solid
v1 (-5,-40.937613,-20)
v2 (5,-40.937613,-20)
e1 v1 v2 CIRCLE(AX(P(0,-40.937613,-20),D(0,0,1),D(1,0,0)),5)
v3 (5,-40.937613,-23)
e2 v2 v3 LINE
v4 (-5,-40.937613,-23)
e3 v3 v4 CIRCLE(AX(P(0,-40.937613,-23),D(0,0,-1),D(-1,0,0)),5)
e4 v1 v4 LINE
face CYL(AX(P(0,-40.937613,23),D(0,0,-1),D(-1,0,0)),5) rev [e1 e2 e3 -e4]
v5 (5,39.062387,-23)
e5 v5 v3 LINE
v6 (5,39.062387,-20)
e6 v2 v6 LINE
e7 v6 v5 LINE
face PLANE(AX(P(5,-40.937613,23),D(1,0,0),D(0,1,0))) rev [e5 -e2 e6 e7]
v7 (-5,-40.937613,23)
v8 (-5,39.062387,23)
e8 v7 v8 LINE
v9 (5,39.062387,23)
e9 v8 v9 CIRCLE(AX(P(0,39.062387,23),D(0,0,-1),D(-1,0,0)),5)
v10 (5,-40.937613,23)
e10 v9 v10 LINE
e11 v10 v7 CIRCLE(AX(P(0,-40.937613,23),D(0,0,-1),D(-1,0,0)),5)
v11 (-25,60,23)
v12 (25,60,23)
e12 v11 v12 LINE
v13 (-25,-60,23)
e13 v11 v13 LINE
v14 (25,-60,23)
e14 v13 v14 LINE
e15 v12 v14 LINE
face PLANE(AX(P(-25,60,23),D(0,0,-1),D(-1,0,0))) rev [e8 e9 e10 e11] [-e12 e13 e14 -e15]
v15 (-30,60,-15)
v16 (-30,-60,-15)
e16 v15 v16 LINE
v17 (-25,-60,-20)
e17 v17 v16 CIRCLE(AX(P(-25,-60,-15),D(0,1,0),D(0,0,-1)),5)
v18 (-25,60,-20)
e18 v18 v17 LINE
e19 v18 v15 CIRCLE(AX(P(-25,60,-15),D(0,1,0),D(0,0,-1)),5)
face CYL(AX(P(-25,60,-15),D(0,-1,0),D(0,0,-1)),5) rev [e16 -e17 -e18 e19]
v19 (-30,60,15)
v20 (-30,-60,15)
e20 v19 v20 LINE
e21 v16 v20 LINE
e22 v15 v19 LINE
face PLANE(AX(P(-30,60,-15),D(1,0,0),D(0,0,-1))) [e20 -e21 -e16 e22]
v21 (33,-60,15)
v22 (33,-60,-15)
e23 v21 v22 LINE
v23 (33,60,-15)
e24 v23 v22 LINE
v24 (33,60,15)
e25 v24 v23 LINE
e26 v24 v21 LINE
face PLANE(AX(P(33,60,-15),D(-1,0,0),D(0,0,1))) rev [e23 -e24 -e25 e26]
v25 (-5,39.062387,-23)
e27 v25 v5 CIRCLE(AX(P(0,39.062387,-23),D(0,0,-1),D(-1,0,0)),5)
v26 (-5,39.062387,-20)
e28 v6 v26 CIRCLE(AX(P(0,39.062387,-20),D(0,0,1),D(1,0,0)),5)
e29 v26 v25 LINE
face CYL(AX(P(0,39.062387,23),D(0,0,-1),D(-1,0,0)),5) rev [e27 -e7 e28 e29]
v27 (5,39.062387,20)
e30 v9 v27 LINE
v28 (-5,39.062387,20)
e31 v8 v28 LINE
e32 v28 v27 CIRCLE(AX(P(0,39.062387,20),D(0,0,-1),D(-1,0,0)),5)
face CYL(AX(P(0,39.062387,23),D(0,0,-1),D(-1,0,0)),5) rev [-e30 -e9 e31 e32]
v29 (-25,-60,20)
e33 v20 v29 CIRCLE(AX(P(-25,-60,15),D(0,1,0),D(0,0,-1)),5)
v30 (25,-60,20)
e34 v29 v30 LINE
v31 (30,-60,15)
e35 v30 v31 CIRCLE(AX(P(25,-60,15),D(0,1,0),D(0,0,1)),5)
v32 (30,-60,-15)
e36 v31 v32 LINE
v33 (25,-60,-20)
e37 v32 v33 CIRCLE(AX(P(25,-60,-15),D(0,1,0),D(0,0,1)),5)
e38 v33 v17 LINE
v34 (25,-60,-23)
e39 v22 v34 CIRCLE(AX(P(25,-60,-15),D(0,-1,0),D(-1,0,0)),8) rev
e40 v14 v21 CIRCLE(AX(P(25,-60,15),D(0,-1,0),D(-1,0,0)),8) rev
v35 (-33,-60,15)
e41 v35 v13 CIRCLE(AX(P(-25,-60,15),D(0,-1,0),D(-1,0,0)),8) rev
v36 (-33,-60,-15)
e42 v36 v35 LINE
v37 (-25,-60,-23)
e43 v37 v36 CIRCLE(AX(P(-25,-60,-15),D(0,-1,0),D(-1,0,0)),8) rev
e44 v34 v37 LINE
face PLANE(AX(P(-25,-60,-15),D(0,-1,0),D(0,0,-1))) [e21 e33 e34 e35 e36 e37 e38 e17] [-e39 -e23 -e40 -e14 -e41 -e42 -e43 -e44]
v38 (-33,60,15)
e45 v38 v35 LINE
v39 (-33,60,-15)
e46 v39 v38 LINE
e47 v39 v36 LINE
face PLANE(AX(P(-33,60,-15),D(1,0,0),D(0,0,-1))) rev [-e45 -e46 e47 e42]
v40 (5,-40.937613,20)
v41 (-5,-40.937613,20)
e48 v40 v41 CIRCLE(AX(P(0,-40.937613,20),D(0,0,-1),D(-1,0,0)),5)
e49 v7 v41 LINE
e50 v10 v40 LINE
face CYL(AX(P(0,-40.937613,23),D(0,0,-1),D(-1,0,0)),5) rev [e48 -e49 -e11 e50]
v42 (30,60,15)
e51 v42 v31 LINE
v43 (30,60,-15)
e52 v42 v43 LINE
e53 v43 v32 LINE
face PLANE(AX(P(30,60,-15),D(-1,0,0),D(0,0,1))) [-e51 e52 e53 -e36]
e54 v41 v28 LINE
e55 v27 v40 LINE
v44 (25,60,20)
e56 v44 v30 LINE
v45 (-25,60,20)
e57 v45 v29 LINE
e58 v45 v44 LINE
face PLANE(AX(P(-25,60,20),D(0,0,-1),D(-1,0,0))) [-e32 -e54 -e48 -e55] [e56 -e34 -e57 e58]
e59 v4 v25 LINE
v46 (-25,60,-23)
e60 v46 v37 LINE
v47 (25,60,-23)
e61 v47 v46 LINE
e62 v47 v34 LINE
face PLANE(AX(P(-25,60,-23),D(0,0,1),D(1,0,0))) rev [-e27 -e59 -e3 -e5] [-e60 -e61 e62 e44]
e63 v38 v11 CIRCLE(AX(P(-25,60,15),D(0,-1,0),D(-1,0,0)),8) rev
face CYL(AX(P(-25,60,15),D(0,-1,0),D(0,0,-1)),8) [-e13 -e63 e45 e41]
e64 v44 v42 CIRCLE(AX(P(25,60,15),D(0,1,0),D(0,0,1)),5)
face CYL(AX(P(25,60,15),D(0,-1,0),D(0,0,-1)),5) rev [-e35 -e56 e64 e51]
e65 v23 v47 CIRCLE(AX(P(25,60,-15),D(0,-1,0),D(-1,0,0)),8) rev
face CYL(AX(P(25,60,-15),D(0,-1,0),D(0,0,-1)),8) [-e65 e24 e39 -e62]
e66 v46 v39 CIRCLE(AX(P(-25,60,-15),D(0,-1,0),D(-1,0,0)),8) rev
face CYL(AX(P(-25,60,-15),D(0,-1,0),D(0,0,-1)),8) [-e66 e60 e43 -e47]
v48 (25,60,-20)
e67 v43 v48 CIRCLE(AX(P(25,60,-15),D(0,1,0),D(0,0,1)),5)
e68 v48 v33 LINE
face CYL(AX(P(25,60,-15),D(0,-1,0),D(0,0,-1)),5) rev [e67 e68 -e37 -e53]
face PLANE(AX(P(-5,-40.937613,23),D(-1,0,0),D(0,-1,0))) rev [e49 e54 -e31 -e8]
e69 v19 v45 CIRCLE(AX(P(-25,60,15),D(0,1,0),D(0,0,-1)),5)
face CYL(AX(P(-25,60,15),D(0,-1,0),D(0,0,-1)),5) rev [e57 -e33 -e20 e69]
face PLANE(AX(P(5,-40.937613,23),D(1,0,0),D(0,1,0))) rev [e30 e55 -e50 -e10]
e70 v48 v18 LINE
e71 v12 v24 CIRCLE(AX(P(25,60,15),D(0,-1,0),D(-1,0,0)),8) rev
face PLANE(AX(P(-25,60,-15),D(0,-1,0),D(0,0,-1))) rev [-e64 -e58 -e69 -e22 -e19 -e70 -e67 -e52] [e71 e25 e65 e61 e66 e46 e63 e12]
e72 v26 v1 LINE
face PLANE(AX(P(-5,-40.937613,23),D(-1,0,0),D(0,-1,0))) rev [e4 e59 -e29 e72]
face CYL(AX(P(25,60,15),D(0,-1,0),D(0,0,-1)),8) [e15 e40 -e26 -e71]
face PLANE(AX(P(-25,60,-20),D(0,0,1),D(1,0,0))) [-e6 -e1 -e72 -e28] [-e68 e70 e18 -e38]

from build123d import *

# Parameters (mm, degrees)
EXTRUDE_THIN1_DEPTH     = 60
CUT_EXTRUDE1_DEPTH      = 83.492423895
CUT_EXTRUDE1_DEPTH_BACK = 83.492423895


with BuildPart() as part:
    # Sketch1 → Extrude-Thin1 (new, symmetric)
    with BuildSketch(Plane(origin=(0, 0, 0), x_dir=(1, 0, 0), z_dir=(0, 1, 0))):
        with BuildLine():
            Line((25, -23), (-25, -23))
            ThreePointArc((-25, -23), (-30.656854249, -20.656854249), (-33, -15))
            Line((-33, -15), (-33, 15))
            ThreePointArc((-33, 15), (-30.656854249, 20.656854249), (-25, 23))
            Line((-25, 23), (25, 23))
            ThreePointArc((25, 23), (30.656854249, 20.656854249), (33, 15))
            Line((33, 15), (33, -15))
            ThreePointArc((33, -15), (30.656854249, -20.656854249), (25, -23))
        make_face()
        with BuildLine():
            Line((25, -20), (-25, -20))
            ThreePointArc((-25, -20), (-28.535533906, -18.535533906), (-30, -15))
            Line((-30, -15), (-30, 15))
            ThreePointArc((-30, 15), (-28.535533906, 18.535533906), (-25, 20))
            Line((-25, 20), (25, 20))
            ThreePointArc((25, 20), (28.535533906, 18.535533906), (30, 15))
            Line((30, 15), (30, -15))
            ThreePointArc((30, -15), (28.535533906, -18.535533906), (25, -20))
        make_face(mode=Mode.SUBTRACT)
    extrude(amount=EXTRUDE_THIN1_DEPTH, both=True)

    # Sketch3 → Cut-Extrude1 (cut, two sides: drawn at the far end of the back side and taken through both)
    with BuildSketch(Plane(origin=(0, 0, -23), x_dir=(-1, 0, 0), z_dir=(0, 0, -1)).offset(-CUT_EXTRUDE1_DEPTH_BACK)):
        with BuildLine():
            Line((-5, -40.937612565), (-5, 39.062387435))
            ThreePointArc((-5, 39.062387435), (0, 44.062387435), (5, 39.062387435))
            Line((5, 39.062387435), (5, -40.937612565))
            ThreePointArc((5, -40.937612565), (0, -45.937612565), (-5, -40.937612565))
        make_face()
    extrude(amount=CUT_EXTRUDE1_DEPTH + CUT_EXTRUDE1_DEPTH_BACK, mode=Mode.SUBTRACT)


solid = part.part
